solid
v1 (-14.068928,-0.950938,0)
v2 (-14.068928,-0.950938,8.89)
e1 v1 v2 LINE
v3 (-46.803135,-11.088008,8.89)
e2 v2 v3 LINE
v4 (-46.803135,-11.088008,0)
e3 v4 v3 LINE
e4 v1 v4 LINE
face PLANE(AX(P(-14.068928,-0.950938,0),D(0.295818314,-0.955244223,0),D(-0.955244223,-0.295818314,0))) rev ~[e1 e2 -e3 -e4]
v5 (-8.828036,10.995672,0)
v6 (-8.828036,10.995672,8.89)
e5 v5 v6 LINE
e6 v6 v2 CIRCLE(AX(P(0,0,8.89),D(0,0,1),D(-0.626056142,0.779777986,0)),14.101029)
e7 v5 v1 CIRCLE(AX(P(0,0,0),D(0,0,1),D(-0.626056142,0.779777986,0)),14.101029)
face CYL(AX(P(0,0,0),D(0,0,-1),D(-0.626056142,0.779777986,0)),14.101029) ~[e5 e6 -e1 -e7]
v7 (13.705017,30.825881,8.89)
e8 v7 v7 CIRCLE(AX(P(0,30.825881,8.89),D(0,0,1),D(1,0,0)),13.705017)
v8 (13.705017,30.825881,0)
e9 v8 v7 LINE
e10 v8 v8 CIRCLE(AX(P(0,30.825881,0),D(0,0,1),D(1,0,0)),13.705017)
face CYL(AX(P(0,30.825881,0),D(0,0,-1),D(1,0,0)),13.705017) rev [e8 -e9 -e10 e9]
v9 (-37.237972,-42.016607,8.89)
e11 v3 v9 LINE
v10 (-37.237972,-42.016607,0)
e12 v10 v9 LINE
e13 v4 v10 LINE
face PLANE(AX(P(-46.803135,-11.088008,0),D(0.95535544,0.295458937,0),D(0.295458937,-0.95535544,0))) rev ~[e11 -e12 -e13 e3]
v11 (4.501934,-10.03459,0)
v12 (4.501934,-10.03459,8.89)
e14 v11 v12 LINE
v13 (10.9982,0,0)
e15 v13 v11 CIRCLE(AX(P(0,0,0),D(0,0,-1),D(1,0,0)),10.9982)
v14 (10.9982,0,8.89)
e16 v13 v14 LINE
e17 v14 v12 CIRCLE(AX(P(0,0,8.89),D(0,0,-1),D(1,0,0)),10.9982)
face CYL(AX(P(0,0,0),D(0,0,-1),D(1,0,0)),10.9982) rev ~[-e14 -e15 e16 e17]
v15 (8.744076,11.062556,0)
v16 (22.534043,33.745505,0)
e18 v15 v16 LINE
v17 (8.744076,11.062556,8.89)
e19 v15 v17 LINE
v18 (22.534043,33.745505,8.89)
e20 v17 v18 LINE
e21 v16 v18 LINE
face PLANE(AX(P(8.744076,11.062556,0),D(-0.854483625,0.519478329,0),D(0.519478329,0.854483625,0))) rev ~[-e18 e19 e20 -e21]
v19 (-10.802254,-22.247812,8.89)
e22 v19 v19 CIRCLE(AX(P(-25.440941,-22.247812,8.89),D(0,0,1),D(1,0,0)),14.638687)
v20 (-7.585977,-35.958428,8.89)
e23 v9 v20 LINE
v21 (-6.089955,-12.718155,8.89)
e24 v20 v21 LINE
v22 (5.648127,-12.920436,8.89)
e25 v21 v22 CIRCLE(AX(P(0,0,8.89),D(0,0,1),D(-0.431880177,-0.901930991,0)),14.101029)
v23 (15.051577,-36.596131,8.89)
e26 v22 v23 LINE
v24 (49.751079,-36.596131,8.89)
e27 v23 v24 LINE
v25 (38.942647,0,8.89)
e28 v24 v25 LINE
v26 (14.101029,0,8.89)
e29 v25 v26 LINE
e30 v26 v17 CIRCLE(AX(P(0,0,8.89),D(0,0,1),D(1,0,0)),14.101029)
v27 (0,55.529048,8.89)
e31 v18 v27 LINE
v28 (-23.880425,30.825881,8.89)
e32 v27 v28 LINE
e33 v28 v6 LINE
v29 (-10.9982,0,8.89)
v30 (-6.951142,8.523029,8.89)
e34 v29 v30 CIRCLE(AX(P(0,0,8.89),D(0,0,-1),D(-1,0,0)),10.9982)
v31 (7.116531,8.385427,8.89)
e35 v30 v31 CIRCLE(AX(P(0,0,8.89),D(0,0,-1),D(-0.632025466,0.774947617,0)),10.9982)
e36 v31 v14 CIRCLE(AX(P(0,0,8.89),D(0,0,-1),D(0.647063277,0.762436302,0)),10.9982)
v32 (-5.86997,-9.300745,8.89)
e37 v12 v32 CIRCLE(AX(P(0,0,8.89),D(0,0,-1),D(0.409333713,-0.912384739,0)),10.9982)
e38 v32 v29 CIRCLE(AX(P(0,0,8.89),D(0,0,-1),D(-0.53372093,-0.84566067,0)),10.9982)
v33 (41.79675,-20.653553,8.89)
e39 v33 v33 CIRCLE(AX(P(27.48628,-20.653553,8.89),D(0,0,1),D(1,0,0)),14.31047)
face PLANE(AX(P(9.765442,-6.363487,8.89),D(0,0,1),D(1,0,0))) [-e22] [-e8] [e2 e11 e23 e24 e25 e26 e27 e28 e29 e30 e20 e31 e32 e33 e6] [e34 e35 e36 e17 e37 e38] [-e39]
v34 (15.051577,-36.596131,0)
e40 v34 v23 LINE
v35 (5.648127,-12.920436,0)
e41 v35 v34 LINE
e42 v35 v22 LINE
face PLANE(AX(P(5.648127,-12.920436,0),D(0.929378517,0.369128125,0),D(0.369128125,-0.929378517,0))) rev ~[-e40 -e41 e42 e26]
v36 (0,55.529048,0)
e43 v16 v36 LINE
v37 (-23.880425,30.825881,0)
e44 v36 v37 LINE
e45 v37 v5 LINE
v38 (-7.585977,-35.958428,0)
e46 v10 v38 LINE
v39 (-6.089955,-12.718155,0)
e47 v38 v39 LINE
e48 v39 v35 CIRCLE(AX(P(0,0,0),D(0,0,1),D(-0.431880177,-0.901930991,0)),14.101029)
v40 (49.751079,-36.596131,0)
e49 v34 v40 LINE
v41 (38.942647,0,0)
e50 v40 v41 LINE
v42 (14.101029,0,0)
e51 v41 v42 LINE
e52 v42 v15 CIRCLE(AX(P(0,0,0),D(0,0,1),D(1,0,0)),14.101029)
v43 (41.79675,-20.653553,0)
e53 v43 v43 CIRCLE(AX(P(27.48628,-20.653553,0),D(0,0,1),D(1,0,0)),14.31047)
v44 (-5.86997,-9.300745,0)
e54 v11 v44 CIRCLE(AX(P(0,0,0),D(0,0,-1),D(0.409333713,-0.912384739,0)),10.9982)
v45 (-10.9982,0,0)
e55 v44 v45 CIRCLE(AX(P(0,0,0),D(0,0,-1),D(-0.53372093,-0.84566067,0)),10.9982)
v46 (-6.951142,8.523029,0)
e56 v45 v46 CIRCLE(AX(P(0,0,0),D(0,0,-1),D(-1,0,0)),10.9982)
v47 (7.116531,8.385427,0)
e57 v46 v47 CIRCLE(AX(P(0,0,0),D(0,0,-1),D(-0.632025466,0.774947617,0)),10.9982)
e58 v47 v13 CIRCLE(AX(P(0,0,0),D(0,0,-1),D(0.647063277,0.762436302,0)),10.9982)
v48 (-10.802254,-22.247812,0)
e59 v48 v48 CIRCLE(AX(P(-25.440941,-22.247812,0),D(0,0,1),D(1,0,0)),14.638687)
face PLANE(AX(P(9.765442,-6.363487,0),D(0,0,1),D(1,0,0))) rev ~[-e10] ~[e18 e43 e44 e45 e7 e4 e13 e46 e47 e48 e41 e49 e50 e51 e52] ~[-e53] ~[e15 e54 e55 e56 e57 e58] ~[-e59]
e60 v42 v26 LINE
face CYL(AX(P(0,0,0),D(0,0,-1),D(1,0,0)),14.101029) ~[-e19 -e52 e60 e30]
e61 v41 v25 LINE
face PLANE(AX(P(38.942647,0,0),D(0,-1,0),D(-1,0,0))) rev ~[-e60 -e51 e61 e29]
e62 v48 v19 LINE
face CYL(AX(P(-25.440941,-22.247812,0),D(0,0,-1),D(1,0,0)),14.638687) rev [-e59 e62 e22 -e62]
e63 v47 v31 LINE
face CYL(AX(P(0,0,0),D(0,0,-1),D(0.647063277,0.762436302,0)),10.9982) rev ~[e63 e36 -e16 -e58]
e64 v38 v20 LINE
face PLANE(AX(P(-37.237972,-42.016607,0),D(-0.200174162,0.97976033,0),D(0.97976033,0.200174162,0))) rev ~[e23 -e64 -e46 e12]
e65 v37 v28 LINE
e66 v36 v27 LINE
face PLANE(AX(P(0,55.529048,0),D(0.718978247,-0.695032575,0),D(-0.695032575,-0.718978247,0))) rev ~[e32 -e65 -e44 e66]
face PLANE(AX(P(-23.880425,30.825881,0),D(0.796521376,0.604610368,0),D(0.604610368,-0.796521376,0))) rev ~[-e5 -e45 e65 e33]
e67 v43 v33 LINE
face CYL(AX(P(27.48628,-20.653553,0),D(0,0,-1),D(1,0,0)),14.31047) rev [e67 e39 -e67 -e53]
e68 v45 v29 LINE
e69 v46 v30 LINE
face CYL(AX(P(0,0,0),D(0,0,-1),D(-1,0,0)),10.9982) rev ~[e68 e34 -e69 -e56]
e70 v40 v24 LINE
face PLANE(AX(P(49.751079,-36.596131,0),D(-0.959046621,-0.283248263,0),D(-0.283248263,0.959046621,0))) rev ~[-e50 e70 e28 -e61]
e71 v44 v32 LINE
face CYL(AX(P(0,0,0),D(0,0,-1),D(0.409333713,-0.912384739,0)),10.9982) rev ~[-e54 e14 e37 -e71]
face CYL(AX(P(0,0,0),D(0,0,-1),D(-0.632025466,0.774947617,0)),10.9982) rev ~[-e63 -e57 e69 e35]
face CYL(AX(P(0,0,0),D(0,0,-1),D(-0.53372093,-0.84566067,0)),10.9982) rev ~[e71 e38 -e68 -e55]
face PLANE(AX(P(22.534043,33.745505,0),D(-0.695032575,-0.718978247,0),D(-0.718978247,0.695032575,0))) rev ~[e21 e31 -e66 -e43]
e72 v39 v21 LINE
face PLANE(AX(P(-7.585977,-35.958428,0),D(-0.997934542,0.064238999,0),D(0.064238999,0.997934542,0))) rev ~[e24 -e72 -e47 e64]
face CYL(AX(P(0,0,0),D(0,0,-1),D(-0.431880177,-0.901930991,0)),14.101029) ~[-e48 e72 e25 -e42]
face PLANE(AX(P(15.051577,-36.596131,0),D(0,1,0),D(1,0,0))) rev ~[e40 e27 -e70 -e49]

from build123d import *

# Parameters (mm, degrees)
F0_R     = 14.3104700271
F0_R_2   = 13.705017098
F0_R_3   = 14.6386867947
F1_DEPTH = 8.89


with BuildPart() as f1:
    # F0 (on Top) → F1 (new body)
    with BuildSketch(Plane.XY):
        with BuildLine():
            Line((14.1010289764, 0), (10.9982, 0))
            ThreePointArc((10.9982, 0), (9.2323771111, -5.9769236333), (4.501934044, -10.0345898324))
            Line((4.501934044, -10.0345898324), (5.6481270595, -12.9204364831))
            ThreePointArc((5.6481270595, -12.9204364831), (11.8000724896, -7.7199292376), (14.1010289764, 0))
        make_face()
        with BuildLine():
            ThreePointArc((7.1165313359, 8.3854269412), (9.9807173635, 4.6201389753), (10.9982, 0))
            Line((10.9982, 0), (14.1010289764, 0))
            ThreePointArc((14.1010289764, 0), (12.6913256249, 6.145671003), (8.744076354, 11.0625560749))
            Line((8.744076354, 11.0625560749), (7.1165313359, 8.3854269412))
        make_face()
        with BuildLine():
            ThreePointArc((-6.9511424853, 8.5230288859), (0.1075729602, 10.997673904), (7.1165313359, 8.3854269412))
            Line((7.1165313359, 8.3854269412), (8.744076354, 11.0625560749))
            ThreePointArc((8.744076354, 11.0625560749), (-0.0536718545, 14.1009268322), (-8.8280358001, 10.9956719716))
            Line((-8.8280358001, 10.9956719716), (-6.9511424853, 8.5230288859))
        make_face()
        with BuildLine():
            Line((5.6481270595, -12.9204364831), (4.501934044, -10.0345898324))
            ThreePointArc((4.501934044, -10.0345898324), (-0.776216636, -10.9707744017), (-5.8699695309, -9.3007451823))
            Line((-5.8699695309, -9.3007451823), (-6.0899548913, -12.7181550398))
            ThreePointArc((-6.0899548913, -12.7181550398), (-0.2429658491, -14.0989356261), (5.6481270595, -12.9204364831))
        make_face()
        with BuildLine():
            Line((38.9426471795, 0), (14.1010289764, 0))
            ThreePointArc((14.1010289764, 0), (11.8000724896, -7.7199292376), (5.6481270595, -12.9204364831))
            Line((5.6481270595, -12.9204364831), (15.0515772402, -36.5961305797))
            Line((15.0515772402, -36.5961305797), (49.751079436, -36.5961305797))
            Line((49.751079436, -36.5961305797), (38.9426471795, 0))
        make_face()
        with Locations((27.4862796068, -20.6535533071)):
            Circle(F0_R, mode=Mode.SUBTRACT)
        with BuildLine():
            ThreePointArc((-10.9982, 0), (-9.9350505414, 4.7175389748), (-6.9511424853, 8.5230288859))
            Line((-6.9511424853, 8.5230288859), (-8.8280358001, 10.9956719716))
            ThreePointArc((-8.8280358001, 10.9956719716), (-12.9130983072, 5.664883962), (-14.0689280327, -0.9509375391))
            Line((-14.0689280327, -0.9509375391), (-10.9982, 0))
        make_face()
        with BuildLine():
            ThreePointArc((-8.8280358001, 10.9956719716), (-0.0536718545, 14.1009268322), (8.744076354, 11.0625560749))
            Line((8.744076354, 11.0625560749), (22.5340425968, 33.7455049157))
            Line((22.5340425968, 33.7455049157), (0, 55.5290480415))
            Line((0, 55.5290480415), (-23.8804249666, 30.8258805944))
            Line((-23.8804249666, 30.8258805944), (-8.8280358001, 10.9956719716))
        make_face()
        with Locations((0, 30.8258805944)):
            Circle(F0_R_2, mode=Mode.SUBTRACT)
        with BuildLine():
            Line((-6.0899548913, -12.7181550398), (-5.8699695309, -9.3007451823))
            ThreePointArc((-5.8699695309, -9.3007451823), (-9.631186379, -5.3104286242), (-10.9982, 0))
            Line((-10.9982, 0), (-14.0689280327, -0.9509375391))
            ThreePointArc((-14.0689280327, -0.9509375391), (-11.6709893374, -7.9137239073), (-6.0899548913, -12.7181550398))
        make_face()
        with BuildLine():
            Line((-7.5859767385, -35.9584279358), (-6.0899548913, -12.7181550398))
            ThreePointArc((-6.0899548913, -12.7181550398), (-11.6709893374, -7.9137239073), (-14.0689280327, -0.9509375391))
            Line((-14.0689280327, -0.9509375391), (-46.8031354249, -11.0880080611))
            Line((-46.8031354249, -11.0880080611), (-37.2379720211, -42.0166067779))
            Line((-37.2379720211, -42.0166067779), (-7.5859767385, -35.9584279358))
        make_face()
        with Locations((-25.4409406334, -22.2478117794)):
            Circle(F0_R_3, mode=Mode.SUBTRACT)
    extrude(amount=F1_DEPTH)


solid = f1.part
